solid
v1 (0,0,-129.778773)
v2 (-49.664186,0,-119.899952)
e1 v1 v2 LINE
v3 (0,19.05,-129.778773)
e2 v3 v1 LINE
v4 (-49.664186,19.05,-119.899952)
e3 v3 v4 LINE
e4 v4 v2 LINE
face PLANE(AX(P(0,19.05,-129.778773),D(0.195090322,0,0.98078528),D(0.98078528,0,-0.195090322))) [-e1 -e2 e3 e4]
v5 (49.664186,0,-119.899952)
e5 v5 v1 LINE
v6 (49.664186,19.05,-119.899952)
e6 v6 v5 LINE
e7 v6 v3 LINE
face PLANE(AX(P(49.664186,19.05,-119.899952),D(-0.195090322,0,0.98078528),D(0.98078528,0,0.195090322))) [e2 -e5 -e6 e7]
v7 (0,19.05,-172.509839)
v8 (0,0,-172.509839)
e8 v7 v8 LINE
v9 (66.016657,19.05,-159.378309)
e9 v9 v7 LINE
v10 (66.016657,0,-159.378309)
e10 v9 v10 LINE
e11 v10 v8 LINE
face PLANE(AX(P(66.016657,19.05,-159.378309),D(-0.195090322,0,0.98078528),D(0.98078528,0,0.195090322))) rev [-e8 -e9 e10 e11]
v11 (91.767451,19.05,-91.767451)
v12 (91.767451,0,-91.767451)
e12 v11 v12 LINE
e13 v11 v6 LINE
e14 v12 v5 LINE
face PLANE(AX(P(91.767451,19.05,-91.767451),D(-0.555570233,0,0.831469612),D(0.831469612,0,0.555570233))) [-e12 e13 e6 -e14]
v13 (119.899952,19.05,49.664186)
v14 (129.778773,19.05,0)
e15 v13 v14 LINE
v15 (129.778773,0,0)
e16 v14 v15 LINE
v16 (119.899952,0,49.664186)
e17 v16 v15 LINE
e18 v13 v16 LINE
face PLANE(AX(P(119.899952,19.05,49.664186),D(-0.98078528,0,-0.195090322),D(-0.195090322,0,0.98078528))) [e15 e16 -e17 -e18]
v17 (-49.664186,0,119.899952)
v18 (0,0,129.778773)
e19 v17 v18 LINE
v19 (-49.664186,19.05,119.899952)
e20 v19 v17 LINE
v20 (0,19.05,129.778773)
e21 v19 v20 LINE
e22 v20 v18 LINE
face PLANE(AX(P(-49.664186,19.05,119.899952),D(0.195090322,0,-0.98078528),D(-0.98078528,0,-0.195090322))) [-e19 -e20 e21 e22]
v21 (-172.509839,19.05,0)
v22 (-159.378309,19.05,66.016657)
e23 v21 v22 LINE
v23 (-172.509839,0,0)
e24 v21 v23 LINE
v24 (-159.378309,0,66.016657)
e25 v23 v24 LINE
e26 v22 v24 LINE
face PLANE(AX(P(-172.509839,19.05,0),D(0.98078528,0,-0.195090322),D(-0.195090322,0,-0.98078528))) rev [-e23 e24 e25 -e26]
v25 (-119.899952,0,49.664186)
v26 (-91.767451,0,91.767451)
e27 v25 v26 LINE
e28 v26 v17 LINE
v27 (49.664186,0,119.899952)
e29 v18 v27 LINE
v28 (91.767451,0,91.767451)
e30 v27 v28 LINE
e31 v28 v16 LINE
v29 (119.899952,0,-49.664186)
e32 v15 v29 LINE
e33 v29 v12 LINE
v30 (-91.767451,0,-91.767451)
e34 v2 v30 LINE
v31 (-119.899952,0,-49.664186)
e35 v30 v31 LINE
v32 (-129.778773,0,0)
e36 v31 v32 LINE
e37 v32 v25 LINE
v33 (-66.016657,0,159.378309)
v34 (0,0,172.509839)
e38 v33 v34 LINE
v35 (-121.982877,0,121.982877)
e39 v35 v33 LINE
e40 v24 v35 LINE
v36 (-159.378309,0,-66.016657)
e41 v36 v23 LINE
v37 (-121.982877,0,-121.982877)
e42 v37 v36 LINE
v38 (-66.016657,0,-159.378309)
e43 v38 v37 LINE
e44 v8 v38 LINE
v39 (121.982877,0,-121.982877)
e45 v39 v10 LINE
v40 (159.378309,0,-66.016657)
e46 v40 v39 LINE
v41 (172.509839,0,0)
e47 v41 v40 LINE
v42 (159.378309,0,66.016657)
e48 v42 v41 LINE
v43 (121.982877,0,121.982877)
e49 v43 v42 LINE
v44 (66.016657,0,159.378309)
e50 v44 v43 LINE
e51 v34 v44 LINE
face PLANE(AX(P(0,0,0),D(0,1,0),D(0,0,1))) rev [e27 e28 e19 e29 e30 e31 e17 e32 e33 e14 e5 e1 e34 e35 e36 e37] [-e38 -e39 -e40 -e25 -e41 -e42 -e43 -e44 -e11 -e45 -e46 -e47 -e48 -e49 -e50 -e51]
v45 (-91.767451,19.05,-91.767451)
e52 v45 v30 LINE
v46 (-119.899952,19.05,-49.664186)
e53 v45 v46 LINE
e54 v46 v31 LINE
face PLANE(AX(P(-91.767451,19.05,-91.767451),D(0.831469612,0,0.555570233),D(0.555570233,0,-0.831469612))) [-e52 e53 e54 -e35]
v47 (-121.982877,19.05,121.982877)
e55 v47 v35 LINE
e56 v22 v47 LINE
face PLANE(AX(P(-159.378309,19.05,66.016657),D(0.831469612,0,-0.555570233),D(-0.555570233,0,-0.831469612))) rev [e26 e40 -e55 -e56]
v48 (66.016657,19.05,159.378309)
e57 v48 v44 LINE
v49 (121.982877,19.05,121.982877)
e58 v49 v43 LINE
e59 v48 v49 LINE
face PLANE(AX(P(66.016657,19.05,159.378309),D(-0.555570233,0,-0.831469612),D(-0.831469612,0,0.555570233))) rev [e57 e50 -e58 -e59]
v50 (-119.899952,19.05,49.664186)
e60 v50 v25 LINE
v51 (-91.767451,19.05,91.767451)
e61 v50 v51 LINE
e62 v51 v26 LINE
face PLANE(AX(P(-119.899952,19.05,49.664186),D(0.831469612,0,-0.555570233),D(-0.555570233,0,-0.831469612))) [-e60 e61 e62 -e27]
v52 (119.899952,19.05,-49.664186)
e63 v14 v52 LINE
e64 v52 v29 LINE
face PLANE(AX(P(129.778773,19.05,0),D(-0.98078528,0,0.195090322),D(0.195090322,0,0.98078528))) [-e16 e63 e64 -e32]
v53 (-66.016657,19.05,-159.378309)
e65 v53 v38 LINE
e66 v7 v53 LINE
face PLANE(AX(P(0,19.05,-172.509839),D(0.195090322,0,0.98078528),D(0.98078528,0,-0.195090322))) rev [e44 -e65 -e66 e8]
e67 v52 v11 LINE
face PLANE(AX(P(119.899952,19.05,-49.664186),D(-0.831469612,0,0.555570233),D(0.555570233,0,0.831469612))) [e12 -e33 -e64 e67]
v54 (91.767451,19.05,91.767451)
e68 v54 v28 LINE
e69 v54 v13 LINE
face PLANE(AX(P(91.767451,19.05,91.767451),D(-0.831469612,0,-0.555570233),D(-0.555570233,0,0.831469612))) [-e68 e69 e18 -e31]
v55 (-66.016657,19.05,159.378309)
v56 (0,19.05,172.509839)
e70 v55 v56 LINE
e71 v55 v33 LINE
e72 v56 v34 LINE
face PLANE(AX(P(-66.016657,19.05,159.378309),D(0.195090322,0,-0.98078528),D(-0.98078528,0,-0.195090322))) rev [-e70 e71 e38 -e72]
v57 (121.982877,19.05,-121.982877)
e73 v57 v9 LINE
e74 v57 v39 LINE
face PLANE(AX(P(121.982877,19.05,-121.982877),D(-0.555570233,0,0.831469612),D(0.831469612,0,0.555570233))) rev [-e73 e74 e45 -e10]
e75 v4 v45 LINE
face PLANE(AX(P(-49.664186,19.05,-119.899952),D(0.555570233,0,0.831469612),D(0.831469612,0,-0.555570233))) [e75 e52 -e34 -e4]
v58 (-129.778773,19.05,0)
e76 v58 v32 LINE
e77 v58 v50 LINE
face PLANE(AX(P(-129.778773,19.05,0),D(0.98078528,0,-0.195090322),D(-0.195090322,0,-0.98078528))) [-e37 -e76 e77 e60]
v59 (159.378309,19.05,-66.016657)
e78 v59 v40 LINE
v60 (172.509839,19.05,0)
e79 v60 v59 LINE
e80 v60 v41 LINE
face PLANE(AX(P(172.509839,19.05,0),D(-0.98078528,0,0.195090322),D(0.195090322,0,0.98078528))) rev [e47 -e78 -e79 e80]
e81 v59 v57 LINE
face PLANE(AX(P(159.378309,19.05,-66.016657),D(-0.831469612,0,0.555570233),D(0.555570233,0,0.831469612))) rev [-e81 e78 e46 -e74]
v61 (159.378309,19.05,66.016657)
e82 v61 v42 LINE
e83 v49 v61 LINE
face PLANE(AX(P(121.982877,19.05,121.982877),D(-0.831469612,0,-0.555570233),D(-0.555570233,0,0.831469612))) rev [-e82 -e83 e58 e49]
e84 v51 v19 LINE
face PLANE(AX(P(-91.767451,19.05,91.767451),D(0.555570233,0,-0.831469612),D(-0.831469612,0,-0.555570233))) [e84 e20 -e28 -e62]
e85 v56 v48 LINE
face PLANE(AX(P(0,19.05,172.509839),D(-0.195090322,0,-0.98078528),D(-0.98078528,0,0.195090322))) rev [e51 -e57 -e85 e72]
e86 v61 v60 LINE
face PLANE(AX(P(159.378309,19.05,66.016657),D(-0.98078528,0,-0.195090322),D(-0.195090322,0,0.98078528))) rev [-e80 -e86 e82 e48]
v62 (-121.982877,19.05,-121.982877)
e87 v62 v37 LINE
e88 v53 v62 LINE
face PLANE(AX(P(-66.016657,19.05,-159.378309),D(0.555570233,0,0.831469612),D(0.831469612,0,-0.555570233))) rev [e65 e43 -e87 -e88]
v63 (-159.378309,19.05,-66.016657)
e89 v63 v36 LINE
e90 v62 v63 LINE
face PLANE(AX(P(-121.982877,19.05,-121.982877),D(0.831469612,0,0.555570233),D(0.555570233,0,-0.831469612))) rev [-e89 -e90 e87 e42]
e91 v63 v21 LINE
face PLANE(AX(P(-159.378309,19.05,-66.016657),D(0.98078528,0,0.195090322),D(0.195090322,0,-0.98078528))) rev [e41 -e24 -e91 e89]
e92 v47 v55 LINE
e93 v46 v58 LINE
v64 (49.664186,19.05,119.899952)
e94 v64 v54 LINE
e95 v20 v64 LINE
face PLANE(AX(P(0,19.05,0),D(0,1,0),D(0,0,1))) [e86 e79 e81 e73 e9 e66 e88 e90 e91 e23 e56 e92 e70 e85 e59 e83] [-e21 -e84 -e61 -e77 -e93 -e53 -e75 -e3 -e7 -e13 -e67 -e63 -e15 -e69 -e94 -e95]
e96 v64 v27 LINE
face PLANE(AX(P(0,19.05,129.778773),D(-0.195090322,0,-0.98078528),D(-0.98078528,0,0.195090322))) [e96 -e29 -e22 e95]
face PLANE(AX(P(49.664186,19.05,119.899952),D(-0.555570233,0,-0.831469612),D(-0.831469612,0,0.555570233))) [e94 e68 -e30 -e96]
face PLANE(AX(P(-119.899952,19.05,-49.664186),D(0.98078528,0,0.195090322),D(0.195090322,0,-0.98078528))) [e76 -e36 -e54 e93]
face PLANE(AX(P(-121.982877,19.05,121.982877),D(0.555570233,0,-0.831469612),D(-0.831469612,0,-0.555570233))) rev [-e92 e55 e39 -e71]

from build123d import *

# Parameters (mm, degrees)
BOSS_EXTRUDE1_DEPTH = 19.05


with BuildPart() as part:
    # Sketch1 → Boss-Extrude1 (new body)
    with BuildSketch(Plane(origin=(0, 0, 0), x_dir=(1, 0, 0), z_dir=(0, 1, 0))):
        Polygon((172.509838787, 0), (159.378309213, 66.016657224), (121.982876828, 121.982876828), (66.016657224, 159.378309213), (0, 172.509838787), (-66.016657224, 159.378309213), (-121.982876828, 121.982876828), (-159.378309213, 66.016657224), (-172.509838787, 0), (-159.378309213, -66.016657224), (-121.982876828, -121.982876828), (-66.016657224, -159.378309213), (0, -172.509838787), (66.016657224, -159.378309213), (121.982876828, -121.982876828), (159.378309213, -66.016657224), align=None)
        Polygon((129.778773347, 0), (119.89995245, 49.664186433), (91.767450688, 91.767450688), (49.664186433, 119.89995245), (0, 129.778773347), (-49.664186433, 119.89995245), (-91.767450688, 91.767450688), (-119.89995245, 49.664186433), (-129.778773347, 0), (-119.89995245, -49.664186433), (-91.767450688, -91.767450688), (-49.664186433, -119.89995245), (0, -129.778773347), (49.664186433, -119.89995245), (91.767450688, -91.767450688), (119.89995245, -49.664186433), align=None, mode=Mode.SUBTRACT)
    extrude(amount=BOSS_EXTRUDE1_DEPTH)


solid = part.part
